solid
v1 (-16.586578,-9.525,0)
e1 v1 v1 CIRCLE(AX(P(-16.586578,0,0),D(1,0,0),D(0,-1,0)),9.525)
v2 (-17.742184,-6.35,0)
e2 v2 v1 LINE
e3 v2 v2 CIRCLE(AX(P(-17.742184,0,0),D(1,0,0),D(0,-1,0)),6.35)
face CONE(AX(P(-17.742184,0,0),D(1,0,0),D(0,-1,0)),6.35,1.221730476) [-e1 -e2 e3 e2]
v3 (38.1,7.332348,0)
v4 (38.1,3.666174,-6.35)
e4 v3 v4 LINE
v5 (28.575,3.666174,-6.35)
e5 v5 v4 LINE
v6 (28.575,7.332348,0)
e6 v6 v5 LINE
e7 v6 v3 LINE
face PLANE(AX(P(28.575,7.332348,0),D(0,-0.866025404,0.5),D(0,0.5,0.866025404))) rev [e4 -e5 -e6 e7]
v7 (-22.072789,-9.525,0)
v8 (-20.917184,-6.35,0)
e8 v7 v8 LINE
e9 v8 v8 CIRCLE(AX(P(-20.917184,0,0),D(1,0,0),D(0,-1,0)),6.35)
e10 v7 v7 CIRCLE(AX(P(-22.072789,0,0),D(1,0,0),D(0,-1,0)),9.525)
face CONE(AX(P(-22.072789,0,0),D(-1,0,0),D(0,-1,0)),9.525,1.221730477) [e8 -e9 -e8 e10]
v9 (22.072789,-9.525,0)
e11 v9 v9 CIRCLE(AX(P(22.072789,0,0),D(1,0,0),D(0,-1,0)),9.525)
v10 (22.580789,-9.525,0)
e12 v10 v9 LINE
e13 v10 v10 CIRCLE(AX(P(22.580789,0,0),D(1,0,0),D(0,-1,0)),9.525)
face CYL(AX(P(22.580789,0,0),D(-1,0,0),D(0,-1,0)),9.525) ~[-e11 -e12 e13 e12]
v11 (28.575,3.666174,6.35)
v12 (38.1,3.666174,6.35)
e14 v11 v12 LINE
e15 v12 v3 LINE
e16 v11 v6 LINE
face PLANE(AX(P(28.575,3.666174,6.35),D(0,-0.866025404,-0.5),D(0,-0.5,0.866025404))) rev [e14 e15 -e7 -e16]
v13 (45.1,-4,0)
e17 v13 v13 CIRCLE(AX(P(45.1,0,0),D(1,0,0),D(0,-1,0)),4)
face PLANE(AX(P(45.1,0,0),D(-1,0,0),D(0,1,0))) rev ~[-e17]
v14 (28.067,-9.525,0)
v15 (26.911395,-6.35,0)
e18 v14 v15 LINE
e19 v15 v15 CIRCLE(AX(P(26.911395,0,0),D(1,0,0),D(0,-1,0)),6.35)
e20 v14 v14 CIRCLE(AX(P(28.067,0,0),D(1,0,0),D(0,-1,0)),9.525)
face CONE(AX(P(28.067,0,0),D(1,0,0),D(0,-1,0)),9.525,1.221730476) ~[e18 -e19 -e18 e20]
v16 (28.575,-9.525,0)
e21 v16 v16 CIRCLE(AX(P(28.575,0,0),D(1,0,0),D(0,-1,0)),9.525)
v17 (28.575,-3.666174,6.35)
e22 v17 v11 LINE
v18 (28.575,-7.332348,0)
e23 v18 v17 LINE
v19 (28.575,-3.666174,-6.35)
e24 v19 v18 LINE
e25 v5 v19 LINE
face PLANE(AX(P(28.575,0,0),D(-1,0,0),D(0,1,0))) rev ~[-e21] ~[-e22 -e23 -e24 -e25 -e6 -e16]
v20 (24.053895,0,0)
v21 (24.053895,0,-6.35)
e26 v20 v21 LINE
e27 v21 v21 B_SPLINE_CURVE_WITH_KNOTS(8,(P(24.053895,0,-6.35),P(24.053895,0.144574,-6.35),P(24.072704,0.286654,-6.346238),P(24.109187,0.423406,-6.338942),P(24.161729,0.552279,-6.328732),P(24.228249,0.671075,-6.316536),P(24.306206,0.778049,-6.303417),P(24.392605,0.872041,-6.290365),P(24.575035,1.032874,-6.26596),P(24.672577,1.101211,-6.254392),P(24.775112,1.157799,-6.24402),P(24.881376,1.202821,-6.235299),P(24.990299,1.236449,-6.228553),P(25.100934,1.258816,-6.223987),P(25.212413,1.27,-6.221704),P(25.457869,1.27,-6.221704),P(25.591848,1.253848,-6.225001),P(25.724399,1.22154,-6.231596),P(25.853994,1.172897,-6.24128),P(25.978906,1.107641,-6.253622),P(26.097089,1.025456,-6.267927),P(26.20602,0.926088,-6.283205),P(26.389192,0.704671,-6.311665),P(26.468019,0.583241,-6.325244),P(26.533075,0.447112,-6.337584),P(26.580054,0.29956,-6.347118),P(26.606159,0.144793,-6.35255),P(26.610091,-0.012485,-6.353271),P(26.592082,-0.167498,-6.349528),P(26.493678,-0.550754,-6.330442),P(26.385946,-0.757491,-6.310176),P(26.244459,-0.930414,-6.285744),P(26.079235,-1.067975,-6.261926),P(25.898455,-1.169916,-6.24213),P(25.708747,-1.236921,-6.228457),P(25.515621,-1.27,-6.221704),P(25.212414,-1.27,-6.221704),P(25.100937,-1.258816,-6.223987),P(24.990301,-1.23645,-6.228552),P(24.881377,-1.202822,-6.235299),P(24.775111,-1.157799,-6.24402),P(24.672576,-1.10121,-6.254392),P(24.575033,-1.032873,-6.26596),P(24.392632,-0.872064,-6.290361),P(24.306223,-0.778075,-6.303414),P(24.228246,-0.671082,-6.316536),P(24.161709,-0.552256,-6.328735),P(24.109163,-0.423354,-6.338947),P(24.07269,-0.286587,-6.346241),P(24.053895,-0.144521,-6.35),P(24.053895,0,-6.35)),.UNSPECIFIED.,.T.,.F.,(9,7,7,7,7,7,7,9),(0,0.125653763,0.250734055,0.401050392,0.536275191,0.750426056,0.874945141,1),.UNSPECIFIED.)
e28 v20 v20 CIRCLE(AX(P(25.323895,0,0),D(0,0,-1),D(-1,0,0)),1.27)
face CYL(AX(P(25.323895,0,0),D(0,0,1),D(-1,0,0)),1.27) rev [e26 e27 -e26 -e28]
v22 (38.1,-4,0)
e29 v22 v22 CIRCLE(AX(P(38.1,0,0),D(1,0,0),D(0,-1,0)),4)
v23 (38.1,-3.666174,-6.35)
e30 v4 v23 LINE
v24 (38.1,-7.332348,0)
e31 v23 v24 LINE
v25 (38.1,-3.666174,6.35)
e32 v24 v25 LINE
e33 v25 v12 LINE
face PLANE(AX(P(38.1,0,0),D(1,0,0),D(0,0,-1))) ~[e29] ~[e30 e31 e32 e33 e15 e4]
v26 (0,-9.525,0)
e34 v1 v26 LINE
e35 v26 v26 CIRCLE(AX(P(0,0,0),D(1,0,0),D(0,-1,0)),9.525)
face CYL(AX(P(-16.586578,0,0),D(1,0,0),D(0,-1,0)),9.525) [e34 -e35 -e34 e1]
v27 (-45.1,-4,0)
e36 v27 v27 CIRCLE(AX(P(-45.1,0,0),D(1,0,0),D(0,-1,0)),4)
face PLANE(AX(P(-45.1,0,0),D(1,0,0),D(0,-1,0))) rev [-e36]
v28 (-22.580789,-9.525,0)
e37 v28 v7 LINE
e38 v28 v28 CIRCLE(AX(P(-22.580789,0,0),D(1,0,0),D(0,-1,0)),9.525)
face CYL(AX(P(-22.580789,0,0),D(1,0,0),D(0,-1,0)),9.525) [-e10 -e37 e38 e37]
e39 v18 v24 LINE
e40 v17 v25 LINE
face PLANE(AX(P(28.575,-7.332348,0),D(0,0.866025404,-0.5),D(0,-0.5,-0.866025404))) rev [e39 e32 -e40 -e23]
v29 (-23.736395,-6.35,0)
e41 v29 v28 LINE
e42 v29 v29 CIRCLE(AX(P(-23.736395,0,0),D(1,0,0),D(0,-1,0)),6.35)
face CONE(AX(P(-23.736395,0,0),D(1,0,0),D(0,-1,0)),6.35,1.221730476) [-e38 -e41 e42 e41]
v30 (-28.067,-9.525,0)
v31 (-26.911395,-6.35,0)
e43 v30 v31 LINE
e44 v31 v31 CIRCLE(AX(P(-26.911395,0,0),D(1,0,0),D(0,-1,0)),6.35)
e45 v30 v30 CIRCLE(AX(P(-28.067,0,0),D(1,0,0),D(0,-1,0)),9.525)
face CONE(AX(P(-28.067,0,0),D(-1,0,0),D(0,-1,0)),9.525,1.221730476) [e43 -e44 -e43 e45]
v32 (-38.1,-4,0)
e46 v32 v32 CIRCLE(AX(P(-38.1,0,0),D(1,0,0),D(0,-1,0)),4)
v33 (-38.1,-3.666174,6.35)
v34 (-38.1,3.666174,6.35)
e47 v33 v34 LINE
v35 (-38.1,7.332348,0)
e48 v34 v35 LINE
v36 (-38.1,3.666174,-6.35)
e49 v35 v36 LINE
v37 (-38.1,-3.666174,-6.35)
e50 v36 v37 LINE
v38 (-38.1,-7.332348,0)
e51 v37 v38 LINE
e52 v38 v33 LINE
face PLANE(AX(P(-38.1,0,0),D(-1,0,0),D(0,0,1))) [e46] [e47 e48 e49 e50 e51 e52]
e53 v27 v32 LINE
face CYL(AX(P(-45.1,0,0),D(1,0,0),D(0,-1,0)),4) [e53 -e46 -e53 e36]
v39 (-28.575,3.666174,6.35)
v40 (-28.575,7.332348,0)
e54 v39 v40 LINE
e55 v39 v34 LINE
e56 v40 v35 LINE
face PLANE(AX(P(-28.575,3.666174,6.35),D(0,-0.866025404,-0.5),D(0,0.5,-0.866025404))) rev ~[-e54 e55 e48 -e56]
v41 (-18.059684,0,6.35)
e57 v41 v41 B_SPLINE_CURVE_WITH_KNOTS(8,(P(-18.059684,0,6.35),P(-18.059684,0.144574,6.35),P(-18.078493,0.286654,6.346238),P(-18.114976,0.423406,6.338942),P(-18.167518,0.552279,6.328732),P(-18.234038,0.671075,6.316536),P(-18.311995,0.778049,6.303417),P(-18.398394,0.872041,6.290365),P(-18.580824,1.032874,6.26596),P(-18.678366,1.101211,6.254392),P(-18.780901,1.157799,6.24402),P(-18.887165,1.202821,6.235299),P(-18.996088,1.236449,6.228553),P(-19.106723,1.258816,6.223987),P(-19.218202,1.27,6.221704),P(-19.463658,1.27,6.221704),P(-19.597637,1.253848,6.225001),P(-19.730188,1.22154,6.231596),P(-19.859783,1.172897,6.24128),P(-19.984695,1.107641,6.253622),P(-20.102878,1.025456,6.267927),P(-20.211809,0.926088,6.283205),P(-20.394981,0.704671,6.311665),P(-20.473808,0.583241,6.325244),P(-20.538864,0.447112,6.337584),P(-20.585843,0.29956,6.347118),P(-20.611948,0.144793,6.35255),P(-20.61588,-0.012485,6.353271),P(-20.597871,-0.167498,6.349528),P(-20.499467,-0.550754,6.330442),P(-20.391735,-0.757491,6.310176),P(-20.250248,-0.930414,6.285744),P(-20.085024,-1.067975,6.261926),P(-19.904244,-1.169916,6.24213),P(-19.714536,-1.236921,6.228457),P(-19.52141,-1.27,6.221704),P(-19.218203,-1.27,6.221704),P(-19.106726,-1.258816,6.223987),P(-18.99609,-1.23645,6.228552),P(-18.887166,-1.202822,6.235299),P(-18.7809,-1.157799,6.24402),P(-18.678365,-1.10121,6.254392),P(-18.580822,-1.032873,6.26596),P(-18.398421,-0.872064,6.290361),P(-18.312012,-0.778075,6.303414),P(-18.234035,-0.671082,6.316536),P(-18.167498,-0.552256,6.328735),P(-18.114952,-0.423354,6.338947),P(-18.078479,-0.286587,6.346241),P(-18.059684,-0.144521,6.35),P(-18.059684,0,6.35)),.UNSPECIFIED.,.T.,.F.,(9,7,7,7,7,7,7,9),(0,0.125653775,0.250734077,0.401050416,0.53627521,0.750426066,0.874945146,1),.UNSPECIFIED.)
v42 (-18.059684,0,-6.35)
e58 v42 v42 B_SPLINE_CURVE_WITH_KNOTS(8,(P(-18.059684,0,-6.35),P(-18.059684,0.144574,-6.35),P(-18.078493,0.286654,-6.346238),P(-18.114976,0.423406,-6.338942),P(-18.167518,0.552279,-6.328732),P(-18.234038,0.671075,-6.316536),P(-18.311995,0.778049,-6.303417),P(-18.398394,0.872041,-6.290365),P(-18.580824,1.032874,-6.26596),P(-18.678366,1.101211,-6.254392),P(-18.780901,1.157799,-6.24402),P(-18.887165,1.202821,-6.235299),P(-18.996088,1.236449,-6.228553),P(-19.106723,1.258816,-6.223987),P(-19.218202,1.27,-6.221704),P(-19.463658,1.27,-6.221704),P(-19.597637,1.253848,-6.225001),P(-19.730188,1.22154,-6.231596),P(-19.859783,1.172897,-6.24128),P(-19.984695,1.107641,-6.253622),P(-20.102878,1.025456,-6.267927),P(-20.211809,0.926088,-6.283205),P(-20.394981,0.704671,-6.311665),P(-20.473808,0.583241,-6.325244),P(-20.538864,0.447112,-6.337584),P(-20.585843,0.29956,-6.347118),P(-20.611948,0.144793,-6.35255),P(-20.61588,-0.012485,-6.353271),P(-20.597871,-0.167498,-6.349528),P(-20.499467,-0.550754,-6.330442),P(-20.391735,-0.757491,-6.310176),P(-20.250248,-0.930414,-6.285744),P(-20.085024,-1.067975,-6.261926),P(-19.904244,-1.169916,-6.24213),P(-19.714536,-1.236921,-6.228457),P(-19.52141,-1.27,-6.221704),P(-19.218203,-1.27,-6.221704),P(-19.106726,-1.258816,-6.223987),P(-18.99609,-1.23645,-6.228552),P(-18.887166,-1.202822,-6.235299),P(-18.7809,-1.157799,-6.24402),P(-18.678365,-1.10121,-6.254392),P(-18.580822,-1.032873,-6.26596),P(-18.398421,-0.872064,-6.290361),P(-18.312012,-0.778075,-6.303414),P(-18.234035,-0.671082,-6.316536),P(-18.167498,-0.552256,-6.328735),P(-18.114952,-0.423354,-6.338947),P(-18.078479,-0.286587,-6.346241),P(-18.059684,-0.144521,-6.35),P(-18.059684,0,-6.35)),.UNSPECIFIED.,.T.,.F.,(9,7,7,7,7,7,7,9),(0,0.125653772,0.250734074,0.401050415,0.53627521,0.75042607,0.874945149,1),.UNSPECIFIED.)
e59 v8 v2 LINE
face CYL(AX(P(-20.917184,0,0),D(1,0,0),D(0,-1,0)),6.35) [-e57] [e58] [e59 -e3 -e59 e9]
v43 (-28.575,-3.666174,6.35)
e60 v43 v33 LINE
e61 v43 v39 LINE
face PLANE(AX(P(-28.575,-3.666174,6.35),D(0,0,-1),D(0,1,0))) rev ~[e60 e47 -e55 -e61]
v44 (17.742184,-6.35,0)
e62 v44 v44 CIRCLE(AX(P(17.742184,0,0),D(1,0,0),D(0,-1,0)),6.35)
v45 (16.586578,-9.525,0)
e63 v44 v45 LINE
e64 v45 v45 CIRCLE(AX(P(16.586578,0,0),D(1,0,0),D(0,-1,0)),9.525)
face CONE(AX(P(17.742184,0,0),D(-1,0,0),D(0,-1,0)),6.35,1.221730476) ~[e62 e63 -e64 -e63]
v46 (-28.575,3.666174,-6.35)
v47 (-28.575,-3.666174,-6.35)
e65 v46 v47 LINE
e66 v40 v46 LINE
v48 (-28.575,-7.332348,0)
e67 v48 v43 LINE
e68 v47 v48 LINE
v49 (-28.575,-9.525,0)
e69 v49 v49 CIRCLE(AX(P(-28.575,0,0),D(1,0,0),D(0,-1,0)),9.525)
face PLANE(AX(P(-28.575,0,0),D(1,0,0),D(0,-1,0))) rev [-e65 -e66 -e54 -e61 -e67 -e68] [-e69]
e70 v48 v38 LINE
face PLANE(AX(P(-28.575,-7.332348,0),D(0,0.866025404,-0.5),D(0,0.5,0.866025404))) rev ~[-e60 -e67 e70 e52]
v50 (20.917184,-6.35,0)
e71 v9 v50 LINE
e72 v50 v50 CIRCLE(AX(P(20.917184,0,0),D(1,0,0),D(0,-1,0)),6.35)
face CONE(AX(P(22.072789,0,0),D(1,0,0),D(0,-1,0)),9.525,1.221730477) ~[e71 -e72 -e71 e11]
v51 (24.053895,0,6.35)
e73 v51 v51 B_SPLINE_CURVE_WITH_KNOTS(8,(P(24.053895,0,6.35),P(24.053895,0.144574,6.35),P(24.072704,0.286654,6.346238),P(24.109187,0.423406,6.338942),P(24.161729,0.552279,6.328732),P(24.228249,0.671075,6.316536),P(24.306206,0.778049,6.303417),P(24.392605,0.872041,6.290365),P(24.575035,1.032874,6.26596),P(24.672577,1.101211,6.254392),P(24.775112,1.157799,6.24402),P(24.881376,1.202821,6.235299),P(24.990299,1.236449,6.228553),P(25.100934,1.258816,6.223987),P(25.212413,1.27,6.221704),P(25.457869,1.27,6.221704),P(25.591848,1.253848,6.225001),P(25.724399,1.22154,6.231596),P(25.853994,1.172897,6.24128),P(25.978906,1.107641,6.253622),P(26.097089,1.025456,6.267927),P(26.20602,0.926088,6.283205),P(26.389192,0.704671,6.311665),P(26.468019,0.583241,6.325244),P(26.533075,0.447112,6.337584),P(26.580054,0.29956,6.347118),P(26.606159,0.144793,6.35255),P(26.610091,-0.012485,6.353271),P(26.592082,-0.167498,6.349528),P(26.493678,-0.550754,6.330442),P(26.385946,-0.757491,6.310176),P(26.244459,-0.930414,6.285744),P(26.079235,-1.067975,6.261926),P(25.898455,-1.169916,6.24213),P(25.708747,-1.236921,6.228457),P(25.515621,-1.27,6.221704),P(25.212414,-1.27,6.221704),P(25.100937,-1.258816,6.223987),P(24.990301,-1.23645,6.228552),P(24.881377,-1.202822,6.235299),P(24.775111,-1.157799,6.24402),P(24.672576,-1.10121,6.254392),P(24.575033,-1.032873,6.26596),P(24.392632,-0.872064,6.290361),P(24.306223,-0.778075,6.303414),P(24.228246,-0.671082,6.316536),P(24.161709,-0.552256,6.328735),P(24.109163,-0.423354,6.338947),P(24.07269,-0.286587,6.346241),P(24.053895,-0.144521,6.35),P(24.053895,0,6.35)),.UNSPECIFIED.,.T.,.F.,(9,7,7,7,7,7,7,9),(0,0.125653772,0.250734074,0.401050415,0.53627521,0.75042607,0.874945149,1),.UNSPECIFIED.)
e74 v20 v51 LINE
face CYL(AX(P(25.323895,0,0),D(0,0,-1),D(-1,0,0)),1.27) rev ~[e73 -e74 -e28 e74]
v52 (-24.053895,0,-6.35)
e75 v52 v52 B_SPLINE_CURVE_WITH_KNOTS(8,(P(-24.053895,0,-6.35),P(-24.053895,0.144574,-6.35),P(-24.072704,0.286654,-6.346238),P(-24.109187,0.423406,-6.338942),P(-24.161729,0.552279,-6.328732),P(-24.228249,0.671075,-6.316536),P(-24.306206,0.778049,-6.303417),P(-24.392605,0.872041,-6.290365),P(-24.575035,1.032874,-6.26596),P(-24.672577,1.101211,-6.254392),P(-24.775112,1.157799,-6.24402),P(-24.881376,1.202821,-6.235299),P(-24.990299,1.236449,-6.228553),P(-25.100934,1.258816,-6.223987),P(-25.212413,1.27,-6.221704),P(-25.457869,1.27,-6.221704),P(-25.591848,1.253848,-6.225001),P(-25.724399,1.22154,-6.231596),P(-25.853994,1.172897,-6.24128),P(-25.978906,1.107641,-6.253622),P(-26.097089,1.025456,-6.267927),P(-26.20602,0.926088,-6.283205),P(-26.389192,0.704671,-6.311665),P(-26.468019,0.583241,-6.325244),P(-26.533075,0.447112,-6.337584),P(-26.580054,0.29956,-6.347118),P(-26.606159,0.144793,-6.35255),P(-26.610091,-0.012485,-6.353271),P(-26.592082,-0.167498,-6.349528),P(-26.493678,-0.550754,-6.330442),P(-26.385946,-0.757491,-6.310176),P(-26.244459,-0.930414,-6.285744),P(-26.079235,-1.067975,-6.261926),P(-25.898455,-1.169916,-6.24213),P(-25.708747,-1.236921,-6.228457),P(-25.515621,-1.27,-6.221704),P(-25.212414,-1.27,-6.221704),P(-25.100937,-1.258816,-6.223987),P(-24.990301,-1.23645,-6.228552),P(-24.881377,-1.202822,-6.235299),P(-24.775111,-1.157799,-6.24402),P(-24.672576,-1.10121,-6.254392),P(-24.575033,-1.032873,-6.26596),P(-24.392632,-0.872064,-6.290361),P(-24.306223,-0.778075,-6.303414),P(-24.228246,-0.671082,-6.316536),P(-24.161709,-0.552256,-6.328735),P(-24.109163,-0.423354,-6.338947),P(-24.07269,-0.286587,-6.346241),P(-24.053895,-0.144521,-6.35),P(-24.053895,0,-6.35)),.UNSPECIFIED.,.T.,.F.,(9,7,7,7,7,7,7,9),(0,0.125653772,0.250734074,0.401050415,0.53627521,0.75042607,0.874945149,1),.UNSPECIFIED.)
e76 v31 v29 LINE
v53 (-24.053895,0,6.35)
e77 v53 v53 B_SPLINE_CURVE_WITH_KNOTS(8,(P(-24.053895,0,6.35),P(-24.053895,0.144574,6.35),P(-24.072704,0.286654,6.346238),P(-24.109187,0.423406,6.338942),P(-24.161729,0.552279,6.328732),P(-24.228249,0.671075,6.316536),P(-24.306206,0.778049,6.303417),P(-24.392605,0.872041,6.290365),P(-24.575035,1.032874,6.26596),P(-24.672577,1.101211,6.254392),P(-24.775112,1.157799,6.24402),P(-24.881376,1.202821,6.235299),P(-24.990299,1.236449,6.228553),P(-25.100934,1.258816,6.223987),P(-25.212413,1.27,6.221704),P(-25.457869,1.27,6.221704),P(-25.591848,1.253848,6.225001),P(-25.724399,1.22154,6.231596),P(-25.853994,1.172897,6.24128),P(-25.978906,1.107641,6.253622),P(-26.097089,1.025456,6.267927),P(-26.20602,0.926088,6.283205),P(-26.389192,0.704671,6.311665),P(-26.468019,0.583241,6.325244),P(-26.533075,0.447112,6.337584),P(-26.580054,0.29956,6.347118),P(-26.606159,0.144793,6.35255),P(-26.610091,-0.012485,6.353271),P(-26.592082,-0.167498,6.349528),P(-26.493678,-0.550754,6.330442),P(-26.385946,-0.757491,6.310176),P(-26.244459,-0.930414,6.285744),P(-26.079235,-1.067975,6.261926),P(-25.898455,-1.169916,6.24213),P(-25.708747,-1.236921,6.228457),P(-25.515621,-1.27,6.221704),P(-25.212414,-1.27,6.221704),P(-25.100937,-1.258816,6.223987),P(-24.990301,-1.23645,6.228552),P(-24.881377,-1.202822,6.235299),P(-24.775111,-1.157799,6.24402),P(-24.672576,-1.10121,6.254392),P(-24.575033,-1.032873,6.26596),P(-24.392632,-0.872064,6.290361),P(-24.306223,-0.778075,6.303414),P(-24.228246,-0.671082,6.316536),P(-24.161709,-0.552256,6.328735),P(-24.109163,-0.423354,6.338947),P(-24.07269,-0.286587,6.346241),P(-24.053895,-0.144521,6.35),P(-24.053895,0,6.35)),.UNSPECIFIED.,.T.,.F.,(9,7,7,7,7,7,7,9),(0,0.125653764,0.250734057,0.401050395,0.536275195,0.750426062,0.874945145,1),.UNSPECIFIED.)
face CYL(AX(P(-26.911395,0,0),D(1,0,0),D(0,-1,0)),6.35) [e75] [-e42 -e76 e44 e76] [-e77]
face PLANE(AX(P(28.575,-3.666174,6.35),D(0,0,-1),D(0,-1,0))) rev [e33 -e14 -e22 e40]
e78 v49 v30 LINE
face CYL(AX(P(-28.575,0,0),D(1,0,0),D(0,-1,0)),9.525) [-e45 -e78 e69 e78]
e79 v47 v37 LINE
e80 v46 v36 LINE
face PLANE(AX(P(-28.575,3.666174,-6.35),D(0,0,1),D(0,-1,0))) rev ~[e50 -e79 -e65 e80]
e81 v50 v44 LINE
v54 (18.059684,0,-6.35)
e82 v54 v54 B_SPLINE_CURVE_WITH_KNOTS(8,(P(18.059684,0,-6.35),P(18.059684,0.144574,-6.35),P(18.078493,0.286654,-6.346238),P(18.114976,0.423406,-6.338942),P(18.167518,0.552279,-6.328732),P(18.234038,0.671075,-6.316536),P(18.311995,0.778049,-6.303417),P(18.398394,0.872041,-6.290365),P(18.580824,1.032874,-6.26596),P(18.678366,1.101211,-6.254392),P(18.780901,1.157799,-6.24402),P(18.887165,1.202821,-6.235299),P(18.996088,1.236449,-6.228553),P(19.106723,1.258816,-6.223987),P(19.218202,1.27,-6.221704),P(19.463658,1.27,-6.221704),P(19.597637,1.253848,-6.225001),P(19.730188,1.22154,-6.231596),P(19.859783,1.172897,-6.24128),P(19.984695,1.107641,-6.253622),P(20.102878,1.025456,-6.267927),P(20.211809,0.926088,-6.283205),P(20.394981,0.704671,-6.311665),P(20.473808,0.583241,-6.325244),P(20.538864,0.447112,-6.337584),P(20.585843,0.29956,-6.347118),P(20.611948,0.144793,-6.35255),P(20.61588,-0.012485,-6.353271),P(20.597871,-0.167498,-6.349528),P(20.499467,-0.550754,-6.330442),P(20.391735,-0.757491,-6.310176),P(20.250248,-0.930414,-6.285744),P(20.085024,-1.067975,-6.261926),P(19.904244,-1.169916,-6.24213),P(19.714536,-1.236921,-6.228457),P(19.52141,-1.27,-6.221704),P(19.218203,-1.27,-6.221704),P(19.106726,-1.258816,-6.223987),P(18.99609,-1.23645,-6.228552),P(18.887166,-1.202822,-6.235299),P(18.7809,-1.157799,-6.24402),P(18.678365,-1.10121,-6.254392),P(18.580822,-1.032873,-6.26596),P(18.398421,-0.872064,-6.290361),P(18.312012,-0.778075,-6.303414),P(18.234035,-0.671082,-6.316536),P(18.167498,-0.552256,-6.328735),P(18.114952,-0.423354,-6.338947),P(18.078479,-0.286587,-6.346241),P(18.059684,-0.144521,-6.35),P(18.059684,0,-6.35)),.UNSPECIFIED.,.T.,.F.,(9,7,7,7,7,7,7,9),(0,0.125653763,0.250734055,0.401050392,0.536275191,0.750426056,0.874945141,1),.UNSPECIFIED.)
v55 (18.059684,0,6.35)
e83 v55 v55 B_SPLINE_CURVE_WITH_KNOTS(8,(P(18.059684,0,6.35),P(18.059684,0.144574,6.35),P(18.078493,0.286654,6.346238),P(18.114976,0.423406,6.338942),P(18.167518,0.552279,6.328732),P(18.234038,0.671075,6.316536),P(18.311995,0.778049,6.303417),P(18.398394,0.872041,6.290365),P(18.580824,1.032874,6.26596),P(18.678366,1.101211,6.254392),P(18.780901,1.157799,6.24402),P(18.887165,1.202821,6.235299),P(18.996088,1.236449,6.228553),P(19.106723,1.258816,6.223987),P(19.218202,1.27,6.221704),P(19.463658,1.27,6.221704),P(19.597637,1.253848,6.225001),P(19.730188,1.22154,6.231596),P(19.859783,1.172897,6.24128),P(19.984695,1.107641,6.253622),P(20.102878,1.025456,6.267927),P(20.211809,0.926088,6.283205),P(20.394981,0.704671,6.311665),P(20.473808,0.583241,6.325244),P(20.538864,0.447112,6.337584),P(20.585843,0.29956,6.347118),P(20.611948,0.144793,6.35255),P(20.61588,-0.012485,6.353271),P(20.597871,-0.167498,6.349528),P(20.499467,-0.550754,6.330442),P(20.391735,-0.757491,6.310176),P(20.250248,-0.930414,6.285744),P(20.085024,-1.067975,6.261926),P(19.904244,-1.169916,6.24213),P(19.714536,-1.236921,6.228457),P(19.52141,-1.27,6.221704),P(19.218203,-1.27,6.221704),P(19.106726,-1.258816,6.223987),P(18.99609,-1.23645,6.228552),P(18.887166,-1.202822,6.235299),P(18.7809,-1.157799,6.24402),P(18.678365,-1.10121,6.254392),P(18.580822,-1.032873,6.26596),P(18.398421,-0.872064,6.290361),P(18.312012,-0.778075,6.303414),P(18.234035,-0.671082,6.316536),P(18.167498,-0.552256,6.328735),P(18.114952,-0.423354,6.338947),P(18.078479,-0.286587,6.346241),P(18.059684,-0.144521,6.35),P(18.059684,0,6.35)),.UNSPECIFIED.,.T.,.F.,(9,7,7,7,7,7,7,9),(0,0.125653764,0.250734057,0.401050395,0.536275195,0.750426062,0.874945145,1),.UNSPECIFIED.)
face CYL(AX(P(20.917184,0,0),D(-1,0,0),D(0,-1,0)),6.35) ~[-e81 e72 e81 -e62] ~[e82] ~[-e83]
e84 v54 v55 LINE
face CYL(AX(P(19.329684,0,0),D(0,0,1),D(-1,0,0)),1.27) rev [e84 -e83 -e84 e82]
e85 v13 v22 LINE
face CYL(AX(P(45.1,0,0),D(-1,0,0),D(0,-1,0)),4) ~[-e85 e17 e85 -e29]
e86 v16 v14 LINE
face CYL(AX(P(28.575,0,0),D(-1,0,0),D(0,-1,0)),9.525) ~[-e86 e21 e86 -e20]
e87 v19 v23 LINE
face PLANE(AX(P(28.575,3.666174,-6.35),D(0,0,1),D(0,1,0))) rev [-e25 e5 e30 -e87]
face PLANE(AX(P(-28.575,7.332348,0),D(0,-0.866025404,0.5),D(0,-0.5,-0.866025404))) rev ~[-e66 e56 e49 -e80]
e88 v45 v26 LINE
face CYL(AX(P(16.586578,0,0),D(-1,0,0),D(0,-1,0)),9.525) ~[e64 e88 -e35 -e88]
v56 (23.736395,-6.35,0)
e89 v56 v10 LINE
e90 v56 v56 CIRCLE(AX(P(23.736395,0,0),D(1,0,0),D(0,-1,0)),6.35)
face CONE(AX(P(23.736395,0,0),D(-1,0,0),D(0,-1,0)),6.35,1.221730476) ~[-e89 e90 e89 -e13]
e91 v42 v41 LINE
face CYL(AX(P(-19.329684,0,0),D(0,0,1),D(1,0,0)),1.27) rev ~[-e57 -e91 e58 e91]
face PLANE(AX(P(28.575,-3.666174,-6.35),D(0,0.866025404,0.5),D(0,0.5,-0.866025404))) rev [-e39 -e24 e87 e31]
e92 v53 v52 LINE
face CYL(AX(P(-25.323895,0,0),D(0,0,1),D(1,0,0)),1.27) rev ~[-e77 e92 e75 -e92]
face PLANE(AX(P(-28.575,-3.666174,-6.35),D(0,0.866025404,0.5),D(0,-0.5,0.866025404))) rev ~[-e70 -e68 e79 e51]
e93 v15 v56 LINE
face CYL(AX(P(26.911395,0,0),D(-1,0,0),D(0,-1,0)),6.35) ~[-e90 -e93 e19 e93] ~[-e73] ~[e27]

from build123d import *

# Parameters (mm, degrees)
BOSS_EXTRUDE4_DEPTH = 9.525
SKETCH6_R           = 1.27
CUT_EXTRUDE1_DEPTH  = 48.068686512


with BuildPart() as part:
    # Sketch1 → Revolve1 (revolve)
    with BuildSketch(Plane.XY, mode=Mode.PRIVATE) as revolve1_sk:
        Polygon((-28.067, 9.525), (-26.911394506, 6.35), (-23.736394506, 6.35), (-22.580789012, 9.525), (-22.072789012, 9.525), (-20.917183519, 6.35), (-17.742183519, 6.35), (-16.586578025, 9.525), (0, 9.525), (0, 0), (-28.575, 0), (-38.1, 0), (-45.1, 0), (-45.1, 4), (-38.1, 4), (-38.1, 4.254), (-28.575, 4.254), (-28.575, 9.525), align=None)
    revolve1 = revolve(revolve1_sk.sketch.rotate(Axis((-38.1, 0, 0), (1, 0, 0)), 180), axis=Axis((-38.1, 0, 0), (1, 0, 0)))

    # Sketch4 → Boss-Extrude4 (add)
    with BuildSketch(Plane.ZY.offset(28.575)):
        Polygon((0, 7.332348419), (-6.35, 3.666174209), (-6.35, -3.666174209), (0, -7.332348419), (6.35, -3.666174209), (6.35, 3.666174209), align=None)
    boss_extrude4 = extrude(amount=BOSS_EXTRUDE4_DEPTH)

    # Sketch6 → Cut-Extrude1 (cut, symmetric)
    with BuildSketch(Plane.XY):
        with Locations((-25.323894506, 0)):
            Circle(SKETCH6_R)
        with Locations((-19.329683519, 0)):
            Circle(SKETCH6_R)
    cut_extrude1 = extrude(amount=CUT_EXTRUDE1_DEPTH, both=True, mode=Mode.SUBTRACT)

    # Mirror1: Revolve1, Boss-Extrude4, Cut-Extrude1 across plane
    add(revolve1.mirror(Plane(origin=(0, 0, 0), x_dir=(0, 0, 1), z_dir=(1, 0, 0))))
    add(boss_extrude4.mirror(Plane(origin=(0, 0, 0), x_dir=(0, 0, 1), z_dir=(1, 0, 0))))
    add(cut_extrude1.mirror(Plane(origin=(0, 0, 0), x_dir=(0, 0, 1), z_dir=(1, 0, 0))), mode=Mode.SUBTRACT)


solid = part.part
